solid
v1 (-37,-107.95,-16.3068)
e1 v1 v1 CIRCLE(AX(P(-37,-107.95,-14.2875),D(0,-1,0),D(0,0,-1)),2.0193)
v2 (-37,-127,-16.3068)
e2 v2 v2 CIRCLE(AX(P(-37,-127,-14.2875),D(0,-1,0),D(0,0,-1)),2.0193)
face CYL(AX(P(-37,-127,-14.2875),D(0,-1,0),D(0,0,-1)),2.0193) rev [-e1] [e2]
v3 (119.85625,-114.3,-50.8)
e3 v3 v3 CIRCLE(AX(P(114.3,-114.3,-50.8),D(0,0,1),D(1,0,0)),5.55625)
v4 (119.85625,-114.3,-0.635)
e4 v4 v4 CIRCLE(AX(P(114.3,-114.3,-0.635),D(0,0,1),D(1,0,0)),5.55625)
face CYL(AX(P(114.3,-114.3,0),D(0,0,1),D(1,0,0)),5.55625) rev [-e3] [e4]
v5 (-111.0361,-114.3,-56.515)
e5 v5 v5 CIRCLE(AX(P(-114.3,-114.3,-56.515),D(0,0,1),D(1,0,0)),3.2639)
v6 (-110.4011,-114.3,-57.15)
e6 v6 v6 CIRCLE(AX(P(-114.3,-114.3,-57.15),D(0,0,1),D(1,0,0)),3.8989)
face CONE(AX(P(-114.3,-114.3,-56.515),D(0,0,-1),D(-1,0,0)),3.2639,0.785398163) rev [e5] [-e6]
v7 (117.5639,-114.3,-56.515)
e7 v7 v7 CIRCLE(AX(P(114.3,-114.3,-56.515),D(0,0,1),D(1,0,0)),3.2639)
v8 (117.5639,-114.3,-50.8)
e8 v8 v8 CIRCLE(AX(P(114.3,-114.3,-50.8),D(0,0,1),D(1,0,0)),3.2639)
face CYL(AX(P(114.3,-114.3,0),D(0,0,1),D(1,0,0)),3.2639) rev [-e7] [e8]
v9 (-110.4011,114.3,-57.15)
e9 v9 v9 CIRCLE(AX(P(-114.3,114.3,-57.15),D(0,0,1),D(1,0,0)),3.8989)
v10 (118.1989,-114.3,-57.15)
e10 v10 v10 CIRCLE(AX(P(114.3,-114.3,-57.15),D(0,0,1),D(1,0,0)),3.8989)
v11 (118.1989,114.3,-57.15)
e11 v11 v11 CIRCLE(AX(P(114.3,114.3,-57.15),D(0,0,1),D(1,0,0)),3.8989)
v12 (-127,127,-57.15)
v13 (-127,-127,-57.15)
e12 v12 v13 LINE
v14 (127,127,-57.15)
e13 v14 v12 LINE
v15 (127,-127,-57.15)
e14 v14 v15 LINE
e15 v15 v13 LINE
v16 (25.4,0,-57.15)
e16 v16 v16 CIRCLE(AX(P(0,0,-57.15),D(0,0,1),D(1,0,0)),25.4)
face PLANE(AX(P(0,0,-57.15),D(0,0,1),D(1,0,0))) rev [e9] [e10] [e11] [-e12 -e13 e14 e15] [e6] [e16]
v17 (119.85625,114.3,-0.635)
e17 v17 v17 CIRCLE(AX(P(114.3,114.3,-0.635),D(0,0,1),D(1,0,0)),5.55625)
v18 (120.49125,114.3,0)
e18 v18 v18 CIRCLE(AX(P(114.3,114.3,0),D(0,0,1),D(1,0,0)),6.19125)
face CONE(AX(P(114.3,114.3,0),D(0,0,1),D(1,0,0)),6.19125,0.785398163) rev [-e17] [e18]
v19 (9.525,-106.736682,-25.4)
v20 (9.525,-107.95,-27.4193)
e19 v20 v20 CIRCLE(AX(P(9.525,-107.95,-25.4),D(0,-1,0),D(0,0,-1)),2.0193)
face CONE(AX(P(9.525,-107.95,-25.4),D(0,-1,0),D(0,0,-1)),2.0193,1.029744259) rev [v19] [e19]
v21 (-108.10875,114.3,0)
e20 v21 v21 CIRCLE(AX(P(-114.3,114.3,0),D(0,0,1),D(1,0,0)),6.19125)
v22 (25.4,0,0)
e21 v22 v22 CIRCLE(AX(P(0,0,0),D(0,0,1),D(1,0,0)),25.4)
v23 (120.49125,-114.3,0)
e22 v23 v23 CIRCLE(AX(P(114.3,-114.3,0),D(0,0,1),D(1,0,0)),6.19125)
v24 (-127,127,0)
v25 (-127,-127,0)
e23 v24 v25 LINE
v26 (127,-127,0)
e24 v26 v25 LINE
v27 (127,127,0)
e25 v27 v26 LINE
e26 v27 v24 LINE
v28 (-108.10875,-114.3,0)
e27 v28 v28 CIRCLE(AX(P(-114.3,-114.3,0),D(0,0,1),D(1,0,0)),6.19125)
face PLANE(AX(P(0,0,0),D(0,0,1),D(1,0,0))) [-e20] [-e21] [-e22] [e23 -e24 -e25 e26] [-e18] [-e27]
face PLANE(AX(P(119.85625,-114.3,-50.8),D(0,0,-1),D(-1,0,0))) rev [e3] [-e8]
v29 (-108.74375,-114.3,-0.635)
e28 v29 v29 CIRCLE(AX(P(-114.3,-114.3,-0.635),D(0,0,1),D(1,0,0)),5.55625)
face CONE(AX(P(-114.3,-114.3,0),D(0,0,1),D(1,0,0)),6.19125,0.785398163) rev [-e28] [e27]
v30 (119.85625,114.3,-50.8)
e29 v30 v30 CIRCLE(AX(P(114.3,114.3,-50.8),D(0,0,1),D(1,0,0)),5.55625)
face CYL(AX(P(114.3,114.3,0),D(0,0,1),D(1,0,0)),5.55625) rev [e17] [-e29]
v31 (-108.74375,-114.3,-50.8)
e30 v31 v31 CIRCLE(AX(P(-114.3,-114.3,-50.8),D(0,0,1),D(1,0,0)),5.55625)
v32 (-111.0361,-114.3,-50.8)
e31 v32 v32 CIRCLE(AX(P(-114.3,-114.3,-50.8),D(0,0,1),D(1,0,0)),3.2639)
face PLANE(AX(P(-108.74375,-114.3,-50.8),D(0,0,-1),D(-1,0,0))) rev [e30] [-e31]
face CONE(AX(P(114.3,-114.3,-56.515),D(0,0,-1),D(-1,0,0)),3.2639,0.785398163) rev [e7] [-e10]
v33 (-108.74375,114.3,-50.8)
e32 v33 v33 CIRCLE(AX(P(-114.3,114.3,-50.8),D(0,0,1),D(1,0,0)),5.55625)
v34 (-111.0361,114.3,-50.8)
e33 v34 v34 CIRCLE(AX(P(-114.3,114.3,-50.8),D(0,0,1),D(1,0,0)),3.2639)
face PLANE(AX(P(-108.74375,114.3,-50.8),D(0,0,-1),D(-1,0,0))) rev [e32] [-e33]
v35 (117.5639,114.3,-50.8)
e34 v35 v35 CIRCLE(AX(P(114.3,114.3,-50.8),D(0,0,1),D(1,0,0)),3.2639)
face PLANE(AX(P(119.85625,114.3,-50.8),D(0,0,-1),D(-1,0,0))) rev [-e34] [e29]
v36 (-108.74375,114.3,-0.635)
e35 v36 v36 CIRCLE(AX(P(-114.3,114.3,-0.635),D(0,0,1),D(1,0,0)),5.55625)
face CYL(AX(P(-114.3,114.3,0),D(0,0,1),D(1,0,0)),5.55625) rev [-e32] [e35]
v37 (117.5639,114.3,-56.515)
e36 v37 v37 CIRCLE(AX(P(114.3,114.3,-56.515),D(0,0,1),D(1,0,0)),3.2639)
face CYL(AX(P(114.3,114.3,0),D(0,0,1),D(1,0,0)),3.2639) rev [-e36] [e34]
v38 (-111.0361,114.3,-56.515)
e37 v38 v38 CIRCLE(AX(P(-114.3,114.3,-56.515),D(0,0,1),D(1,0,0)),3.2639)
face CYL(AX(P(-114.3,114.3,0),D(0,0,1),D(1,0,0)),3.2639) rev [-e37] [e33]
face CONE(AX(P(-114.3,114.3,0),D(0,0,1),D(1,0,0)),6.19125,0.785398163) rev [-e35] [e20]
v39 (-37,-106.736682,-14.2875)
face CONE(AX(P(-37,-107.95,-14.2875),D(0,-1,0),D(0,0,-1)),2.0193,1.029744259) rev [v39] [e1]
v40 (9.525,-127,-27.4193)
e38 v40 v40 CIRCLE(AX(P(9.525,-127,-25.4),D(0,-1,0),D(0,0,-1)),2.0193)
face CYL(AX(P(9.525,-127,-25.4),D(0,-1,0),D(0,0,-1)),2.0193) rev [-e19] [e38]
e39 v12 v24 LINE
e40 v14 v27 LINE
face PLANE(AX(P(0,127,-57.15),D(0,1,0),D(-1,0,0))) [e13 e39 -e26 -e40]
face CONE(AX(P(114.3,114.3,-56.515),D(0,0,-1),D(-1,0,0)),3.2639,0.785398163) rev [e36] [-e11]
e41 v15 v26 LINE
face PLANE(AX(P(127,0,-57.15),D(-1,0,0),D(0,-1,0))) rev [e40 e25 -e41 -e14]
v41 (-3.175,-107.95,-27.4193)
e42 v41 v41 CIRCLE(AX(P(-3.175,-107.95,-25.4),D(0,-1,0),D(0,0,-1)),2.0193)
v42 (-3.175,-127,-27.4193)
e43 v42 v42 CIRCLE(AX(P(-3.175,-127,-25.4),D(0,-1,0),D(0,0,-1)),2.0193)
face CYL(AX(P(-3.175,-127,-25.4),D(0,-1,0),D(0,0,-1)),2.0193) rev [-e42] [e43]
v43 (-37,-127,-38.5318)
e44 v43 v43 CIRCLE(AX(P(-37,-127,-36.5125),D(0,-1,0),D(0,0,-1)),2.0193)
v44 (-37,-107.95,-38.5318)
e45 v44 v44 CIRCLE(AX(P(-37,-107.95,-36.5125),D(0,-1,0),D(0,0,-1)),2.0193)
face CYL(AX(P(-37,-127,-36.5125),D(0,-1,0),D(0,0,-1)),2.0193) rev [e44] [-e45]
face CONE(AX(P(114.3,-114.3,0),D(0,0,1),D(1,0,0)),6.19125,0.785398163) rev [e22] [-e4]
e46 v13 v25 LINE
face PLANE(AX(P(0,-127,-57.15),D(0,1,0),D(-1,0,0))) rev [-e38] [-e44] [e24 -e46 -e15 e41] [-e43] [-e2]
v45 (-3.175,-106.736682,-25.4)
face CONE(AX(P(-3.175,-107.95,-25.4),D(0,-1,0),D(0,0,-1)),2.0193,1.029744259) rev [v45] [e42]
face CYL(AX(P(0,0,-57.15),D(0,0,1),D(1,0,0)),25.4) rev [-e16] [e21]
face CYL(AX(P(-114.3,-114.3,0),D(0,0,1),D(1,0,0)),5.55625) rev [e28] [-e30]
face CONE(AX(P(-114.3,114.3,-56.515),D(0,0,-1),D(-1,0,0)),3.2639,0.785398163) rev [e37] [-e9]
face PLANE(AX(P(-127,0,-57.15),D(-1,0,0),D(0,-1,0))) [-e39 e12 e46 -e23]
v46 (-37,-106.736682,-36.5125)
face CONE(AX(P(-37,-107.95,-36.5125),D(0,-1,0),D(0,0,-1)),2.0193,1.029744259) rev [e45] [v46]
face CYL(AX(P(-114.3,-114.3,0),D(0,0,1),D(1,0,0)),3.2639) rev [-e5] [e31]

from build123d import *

# Parameters (mm, degrees)
SKETCH1_W                                     = 254
SKETCH1_H                                     = 254
SKETCH1_R                                     = 25.4
BOSS_EXTRUDE1_DEPTH                           = 57.15
CBORE_FOR_1_4_SOCKET_HEAD_CAP_SCREW2_AT_COUNT = 2
CBORE_FOR_1_4_SOCKET_HEAD_CAP_SCREW2_AT_PITCH = 228.6
CBORE_FOR_1_4_SOCKET_HEAD_CAP_SCREW2_2_COUNT  = 2
CBORE_FOR_1_4_SOCKET_HEAD_CAP_SCREW2_2_PITCH  = 323.289220358
CBORE_FOR_1_4_SOCKET_HEAD_CAP_SCREW2_3_COUNT  = 2
CBORE_FOR_1_4_SOCKET_HEAD_CAP_SCREW2_3_PITCH  = 228.6
F_10_32_TAPPED_HOLE1_D                        = 4.0386
F_10_32_TAPPED_HOLE1_DEPTH                    = 19.05
F_10_32_TAPPED_HOLE1_TIP                      = 1.213317848


with BuildPart() as part:
    # Sketch1 → Boss-Extrude1 (new body)
    with BuildSketch(Plane.XY):
        Rectangle(SKETCH1_W, SKETCH1_H)
        Circle(SKETCH1_R, mode=Mode.SUBTRACT)
    extrude(amount=-BOSS_EXTRUDE1_DEPTH)

    # Sketch3 → CBORE for 1/4 Socket Head Cap Screw2 (revolve, cut)
    with BuildSketch(Plane(origin=(-114.3, 114.3, 0), x_dir=(0, -1, 0), z_dir=(1, 0, 0))):
        Polygon((0, 0), (0, 57.15), (3.8989, 57.15), (3.2639, 56.515), (3.2639, 50.8), (5.55625, 50.8), (5.55625, 0.635), (6.19125, 0), align=None)
    cbore_for_1_4_socket_head_cap_screw2 = revolve(axis=Axis((-114.3, 114.3, 6.35), (0, 0, -1)), mode=Mode.SUBTRACT)

    # CBORE for 1/4 Socket Head Cap Screw2 at: CBORE for 1/4 Socket Head Cap Screw2 ×2
    with Locations(*[(i * CBORE_FOR_1_4_SOCKET_HEAD_CAP_SCREW2_AT_PITCH, 0, 0) for i in range(1, CBORE_FOR_1_4_SOCKET_HEAD_CAP_SCREW2_AT_COUNT)]):
        add(cbore_for_1_4_socket_head_cap_screw2, mode=Mode.SUBTRACT)

    # CBORE for 1_4 Socket Head Cap Screw2 2: CBORE for 1/4 Socket Head Cap Screw2 ×2
    with Locations(*[Vector(0.707106781, -0.707106781, 0) * (i * CBORE_FOR_1_4_SOCKET_HEAD_CAP_SCREW2_2_PITCH) for i in range(1, CBORE_FOR_1_4_SOCKET_HEAD_CAP_SCREW2_2_COUNT)]):
        add(cbore_for_1_4_socket_head_cap_screw2, mode=Mode.SUBTRACT)

    # CBORE for 1_4 Socket Head Cap Screw2 3: CBORE for 1/4 Socket Head Cap Screw2 ×2
    with Locations(*[(0, -i * CBORE_FOR_1_4_SOCKET_HEAD_CAP_SCREW2_3_PITCH, 0) for i in range(1, CBORE_FOR_1_4_SOCKET_HEAD_CAP_SCREW2_3_COUNT)]):
        add(cbore_for_1_4_socket_head_cap_screw2, mode=Mode.SUBTRACT)

    # #10-32 Tapped Hole1
    with Locations(Plane(origin=(0, -127, 0), x_dir=(-1, 0, 0), z_dir=(0, -1, 0))):
        with Locations((3.175, 25.4), (-9.525, 25.4), (37, 14.2875), (37, 36.5125)):
            Hole(F_10_32_TAPPED_HOLE1_D / 2, depth=F_10_32_TAPPED_HOLE1_DEPTH)
            with Locations((0, 0, -(F_10_32_TAPPED_HOLE1_DEPTH + F_10_32_TAPPED_HOLE1_TIP / 2))):  # 118° drill point
                Cone(0, F_10_32_TAPPED_HOLE1_D / 2, F_10_32_TAPPED_HOLE1_TIP, mode=Mode.SUBTRACT)


solid = part.part
